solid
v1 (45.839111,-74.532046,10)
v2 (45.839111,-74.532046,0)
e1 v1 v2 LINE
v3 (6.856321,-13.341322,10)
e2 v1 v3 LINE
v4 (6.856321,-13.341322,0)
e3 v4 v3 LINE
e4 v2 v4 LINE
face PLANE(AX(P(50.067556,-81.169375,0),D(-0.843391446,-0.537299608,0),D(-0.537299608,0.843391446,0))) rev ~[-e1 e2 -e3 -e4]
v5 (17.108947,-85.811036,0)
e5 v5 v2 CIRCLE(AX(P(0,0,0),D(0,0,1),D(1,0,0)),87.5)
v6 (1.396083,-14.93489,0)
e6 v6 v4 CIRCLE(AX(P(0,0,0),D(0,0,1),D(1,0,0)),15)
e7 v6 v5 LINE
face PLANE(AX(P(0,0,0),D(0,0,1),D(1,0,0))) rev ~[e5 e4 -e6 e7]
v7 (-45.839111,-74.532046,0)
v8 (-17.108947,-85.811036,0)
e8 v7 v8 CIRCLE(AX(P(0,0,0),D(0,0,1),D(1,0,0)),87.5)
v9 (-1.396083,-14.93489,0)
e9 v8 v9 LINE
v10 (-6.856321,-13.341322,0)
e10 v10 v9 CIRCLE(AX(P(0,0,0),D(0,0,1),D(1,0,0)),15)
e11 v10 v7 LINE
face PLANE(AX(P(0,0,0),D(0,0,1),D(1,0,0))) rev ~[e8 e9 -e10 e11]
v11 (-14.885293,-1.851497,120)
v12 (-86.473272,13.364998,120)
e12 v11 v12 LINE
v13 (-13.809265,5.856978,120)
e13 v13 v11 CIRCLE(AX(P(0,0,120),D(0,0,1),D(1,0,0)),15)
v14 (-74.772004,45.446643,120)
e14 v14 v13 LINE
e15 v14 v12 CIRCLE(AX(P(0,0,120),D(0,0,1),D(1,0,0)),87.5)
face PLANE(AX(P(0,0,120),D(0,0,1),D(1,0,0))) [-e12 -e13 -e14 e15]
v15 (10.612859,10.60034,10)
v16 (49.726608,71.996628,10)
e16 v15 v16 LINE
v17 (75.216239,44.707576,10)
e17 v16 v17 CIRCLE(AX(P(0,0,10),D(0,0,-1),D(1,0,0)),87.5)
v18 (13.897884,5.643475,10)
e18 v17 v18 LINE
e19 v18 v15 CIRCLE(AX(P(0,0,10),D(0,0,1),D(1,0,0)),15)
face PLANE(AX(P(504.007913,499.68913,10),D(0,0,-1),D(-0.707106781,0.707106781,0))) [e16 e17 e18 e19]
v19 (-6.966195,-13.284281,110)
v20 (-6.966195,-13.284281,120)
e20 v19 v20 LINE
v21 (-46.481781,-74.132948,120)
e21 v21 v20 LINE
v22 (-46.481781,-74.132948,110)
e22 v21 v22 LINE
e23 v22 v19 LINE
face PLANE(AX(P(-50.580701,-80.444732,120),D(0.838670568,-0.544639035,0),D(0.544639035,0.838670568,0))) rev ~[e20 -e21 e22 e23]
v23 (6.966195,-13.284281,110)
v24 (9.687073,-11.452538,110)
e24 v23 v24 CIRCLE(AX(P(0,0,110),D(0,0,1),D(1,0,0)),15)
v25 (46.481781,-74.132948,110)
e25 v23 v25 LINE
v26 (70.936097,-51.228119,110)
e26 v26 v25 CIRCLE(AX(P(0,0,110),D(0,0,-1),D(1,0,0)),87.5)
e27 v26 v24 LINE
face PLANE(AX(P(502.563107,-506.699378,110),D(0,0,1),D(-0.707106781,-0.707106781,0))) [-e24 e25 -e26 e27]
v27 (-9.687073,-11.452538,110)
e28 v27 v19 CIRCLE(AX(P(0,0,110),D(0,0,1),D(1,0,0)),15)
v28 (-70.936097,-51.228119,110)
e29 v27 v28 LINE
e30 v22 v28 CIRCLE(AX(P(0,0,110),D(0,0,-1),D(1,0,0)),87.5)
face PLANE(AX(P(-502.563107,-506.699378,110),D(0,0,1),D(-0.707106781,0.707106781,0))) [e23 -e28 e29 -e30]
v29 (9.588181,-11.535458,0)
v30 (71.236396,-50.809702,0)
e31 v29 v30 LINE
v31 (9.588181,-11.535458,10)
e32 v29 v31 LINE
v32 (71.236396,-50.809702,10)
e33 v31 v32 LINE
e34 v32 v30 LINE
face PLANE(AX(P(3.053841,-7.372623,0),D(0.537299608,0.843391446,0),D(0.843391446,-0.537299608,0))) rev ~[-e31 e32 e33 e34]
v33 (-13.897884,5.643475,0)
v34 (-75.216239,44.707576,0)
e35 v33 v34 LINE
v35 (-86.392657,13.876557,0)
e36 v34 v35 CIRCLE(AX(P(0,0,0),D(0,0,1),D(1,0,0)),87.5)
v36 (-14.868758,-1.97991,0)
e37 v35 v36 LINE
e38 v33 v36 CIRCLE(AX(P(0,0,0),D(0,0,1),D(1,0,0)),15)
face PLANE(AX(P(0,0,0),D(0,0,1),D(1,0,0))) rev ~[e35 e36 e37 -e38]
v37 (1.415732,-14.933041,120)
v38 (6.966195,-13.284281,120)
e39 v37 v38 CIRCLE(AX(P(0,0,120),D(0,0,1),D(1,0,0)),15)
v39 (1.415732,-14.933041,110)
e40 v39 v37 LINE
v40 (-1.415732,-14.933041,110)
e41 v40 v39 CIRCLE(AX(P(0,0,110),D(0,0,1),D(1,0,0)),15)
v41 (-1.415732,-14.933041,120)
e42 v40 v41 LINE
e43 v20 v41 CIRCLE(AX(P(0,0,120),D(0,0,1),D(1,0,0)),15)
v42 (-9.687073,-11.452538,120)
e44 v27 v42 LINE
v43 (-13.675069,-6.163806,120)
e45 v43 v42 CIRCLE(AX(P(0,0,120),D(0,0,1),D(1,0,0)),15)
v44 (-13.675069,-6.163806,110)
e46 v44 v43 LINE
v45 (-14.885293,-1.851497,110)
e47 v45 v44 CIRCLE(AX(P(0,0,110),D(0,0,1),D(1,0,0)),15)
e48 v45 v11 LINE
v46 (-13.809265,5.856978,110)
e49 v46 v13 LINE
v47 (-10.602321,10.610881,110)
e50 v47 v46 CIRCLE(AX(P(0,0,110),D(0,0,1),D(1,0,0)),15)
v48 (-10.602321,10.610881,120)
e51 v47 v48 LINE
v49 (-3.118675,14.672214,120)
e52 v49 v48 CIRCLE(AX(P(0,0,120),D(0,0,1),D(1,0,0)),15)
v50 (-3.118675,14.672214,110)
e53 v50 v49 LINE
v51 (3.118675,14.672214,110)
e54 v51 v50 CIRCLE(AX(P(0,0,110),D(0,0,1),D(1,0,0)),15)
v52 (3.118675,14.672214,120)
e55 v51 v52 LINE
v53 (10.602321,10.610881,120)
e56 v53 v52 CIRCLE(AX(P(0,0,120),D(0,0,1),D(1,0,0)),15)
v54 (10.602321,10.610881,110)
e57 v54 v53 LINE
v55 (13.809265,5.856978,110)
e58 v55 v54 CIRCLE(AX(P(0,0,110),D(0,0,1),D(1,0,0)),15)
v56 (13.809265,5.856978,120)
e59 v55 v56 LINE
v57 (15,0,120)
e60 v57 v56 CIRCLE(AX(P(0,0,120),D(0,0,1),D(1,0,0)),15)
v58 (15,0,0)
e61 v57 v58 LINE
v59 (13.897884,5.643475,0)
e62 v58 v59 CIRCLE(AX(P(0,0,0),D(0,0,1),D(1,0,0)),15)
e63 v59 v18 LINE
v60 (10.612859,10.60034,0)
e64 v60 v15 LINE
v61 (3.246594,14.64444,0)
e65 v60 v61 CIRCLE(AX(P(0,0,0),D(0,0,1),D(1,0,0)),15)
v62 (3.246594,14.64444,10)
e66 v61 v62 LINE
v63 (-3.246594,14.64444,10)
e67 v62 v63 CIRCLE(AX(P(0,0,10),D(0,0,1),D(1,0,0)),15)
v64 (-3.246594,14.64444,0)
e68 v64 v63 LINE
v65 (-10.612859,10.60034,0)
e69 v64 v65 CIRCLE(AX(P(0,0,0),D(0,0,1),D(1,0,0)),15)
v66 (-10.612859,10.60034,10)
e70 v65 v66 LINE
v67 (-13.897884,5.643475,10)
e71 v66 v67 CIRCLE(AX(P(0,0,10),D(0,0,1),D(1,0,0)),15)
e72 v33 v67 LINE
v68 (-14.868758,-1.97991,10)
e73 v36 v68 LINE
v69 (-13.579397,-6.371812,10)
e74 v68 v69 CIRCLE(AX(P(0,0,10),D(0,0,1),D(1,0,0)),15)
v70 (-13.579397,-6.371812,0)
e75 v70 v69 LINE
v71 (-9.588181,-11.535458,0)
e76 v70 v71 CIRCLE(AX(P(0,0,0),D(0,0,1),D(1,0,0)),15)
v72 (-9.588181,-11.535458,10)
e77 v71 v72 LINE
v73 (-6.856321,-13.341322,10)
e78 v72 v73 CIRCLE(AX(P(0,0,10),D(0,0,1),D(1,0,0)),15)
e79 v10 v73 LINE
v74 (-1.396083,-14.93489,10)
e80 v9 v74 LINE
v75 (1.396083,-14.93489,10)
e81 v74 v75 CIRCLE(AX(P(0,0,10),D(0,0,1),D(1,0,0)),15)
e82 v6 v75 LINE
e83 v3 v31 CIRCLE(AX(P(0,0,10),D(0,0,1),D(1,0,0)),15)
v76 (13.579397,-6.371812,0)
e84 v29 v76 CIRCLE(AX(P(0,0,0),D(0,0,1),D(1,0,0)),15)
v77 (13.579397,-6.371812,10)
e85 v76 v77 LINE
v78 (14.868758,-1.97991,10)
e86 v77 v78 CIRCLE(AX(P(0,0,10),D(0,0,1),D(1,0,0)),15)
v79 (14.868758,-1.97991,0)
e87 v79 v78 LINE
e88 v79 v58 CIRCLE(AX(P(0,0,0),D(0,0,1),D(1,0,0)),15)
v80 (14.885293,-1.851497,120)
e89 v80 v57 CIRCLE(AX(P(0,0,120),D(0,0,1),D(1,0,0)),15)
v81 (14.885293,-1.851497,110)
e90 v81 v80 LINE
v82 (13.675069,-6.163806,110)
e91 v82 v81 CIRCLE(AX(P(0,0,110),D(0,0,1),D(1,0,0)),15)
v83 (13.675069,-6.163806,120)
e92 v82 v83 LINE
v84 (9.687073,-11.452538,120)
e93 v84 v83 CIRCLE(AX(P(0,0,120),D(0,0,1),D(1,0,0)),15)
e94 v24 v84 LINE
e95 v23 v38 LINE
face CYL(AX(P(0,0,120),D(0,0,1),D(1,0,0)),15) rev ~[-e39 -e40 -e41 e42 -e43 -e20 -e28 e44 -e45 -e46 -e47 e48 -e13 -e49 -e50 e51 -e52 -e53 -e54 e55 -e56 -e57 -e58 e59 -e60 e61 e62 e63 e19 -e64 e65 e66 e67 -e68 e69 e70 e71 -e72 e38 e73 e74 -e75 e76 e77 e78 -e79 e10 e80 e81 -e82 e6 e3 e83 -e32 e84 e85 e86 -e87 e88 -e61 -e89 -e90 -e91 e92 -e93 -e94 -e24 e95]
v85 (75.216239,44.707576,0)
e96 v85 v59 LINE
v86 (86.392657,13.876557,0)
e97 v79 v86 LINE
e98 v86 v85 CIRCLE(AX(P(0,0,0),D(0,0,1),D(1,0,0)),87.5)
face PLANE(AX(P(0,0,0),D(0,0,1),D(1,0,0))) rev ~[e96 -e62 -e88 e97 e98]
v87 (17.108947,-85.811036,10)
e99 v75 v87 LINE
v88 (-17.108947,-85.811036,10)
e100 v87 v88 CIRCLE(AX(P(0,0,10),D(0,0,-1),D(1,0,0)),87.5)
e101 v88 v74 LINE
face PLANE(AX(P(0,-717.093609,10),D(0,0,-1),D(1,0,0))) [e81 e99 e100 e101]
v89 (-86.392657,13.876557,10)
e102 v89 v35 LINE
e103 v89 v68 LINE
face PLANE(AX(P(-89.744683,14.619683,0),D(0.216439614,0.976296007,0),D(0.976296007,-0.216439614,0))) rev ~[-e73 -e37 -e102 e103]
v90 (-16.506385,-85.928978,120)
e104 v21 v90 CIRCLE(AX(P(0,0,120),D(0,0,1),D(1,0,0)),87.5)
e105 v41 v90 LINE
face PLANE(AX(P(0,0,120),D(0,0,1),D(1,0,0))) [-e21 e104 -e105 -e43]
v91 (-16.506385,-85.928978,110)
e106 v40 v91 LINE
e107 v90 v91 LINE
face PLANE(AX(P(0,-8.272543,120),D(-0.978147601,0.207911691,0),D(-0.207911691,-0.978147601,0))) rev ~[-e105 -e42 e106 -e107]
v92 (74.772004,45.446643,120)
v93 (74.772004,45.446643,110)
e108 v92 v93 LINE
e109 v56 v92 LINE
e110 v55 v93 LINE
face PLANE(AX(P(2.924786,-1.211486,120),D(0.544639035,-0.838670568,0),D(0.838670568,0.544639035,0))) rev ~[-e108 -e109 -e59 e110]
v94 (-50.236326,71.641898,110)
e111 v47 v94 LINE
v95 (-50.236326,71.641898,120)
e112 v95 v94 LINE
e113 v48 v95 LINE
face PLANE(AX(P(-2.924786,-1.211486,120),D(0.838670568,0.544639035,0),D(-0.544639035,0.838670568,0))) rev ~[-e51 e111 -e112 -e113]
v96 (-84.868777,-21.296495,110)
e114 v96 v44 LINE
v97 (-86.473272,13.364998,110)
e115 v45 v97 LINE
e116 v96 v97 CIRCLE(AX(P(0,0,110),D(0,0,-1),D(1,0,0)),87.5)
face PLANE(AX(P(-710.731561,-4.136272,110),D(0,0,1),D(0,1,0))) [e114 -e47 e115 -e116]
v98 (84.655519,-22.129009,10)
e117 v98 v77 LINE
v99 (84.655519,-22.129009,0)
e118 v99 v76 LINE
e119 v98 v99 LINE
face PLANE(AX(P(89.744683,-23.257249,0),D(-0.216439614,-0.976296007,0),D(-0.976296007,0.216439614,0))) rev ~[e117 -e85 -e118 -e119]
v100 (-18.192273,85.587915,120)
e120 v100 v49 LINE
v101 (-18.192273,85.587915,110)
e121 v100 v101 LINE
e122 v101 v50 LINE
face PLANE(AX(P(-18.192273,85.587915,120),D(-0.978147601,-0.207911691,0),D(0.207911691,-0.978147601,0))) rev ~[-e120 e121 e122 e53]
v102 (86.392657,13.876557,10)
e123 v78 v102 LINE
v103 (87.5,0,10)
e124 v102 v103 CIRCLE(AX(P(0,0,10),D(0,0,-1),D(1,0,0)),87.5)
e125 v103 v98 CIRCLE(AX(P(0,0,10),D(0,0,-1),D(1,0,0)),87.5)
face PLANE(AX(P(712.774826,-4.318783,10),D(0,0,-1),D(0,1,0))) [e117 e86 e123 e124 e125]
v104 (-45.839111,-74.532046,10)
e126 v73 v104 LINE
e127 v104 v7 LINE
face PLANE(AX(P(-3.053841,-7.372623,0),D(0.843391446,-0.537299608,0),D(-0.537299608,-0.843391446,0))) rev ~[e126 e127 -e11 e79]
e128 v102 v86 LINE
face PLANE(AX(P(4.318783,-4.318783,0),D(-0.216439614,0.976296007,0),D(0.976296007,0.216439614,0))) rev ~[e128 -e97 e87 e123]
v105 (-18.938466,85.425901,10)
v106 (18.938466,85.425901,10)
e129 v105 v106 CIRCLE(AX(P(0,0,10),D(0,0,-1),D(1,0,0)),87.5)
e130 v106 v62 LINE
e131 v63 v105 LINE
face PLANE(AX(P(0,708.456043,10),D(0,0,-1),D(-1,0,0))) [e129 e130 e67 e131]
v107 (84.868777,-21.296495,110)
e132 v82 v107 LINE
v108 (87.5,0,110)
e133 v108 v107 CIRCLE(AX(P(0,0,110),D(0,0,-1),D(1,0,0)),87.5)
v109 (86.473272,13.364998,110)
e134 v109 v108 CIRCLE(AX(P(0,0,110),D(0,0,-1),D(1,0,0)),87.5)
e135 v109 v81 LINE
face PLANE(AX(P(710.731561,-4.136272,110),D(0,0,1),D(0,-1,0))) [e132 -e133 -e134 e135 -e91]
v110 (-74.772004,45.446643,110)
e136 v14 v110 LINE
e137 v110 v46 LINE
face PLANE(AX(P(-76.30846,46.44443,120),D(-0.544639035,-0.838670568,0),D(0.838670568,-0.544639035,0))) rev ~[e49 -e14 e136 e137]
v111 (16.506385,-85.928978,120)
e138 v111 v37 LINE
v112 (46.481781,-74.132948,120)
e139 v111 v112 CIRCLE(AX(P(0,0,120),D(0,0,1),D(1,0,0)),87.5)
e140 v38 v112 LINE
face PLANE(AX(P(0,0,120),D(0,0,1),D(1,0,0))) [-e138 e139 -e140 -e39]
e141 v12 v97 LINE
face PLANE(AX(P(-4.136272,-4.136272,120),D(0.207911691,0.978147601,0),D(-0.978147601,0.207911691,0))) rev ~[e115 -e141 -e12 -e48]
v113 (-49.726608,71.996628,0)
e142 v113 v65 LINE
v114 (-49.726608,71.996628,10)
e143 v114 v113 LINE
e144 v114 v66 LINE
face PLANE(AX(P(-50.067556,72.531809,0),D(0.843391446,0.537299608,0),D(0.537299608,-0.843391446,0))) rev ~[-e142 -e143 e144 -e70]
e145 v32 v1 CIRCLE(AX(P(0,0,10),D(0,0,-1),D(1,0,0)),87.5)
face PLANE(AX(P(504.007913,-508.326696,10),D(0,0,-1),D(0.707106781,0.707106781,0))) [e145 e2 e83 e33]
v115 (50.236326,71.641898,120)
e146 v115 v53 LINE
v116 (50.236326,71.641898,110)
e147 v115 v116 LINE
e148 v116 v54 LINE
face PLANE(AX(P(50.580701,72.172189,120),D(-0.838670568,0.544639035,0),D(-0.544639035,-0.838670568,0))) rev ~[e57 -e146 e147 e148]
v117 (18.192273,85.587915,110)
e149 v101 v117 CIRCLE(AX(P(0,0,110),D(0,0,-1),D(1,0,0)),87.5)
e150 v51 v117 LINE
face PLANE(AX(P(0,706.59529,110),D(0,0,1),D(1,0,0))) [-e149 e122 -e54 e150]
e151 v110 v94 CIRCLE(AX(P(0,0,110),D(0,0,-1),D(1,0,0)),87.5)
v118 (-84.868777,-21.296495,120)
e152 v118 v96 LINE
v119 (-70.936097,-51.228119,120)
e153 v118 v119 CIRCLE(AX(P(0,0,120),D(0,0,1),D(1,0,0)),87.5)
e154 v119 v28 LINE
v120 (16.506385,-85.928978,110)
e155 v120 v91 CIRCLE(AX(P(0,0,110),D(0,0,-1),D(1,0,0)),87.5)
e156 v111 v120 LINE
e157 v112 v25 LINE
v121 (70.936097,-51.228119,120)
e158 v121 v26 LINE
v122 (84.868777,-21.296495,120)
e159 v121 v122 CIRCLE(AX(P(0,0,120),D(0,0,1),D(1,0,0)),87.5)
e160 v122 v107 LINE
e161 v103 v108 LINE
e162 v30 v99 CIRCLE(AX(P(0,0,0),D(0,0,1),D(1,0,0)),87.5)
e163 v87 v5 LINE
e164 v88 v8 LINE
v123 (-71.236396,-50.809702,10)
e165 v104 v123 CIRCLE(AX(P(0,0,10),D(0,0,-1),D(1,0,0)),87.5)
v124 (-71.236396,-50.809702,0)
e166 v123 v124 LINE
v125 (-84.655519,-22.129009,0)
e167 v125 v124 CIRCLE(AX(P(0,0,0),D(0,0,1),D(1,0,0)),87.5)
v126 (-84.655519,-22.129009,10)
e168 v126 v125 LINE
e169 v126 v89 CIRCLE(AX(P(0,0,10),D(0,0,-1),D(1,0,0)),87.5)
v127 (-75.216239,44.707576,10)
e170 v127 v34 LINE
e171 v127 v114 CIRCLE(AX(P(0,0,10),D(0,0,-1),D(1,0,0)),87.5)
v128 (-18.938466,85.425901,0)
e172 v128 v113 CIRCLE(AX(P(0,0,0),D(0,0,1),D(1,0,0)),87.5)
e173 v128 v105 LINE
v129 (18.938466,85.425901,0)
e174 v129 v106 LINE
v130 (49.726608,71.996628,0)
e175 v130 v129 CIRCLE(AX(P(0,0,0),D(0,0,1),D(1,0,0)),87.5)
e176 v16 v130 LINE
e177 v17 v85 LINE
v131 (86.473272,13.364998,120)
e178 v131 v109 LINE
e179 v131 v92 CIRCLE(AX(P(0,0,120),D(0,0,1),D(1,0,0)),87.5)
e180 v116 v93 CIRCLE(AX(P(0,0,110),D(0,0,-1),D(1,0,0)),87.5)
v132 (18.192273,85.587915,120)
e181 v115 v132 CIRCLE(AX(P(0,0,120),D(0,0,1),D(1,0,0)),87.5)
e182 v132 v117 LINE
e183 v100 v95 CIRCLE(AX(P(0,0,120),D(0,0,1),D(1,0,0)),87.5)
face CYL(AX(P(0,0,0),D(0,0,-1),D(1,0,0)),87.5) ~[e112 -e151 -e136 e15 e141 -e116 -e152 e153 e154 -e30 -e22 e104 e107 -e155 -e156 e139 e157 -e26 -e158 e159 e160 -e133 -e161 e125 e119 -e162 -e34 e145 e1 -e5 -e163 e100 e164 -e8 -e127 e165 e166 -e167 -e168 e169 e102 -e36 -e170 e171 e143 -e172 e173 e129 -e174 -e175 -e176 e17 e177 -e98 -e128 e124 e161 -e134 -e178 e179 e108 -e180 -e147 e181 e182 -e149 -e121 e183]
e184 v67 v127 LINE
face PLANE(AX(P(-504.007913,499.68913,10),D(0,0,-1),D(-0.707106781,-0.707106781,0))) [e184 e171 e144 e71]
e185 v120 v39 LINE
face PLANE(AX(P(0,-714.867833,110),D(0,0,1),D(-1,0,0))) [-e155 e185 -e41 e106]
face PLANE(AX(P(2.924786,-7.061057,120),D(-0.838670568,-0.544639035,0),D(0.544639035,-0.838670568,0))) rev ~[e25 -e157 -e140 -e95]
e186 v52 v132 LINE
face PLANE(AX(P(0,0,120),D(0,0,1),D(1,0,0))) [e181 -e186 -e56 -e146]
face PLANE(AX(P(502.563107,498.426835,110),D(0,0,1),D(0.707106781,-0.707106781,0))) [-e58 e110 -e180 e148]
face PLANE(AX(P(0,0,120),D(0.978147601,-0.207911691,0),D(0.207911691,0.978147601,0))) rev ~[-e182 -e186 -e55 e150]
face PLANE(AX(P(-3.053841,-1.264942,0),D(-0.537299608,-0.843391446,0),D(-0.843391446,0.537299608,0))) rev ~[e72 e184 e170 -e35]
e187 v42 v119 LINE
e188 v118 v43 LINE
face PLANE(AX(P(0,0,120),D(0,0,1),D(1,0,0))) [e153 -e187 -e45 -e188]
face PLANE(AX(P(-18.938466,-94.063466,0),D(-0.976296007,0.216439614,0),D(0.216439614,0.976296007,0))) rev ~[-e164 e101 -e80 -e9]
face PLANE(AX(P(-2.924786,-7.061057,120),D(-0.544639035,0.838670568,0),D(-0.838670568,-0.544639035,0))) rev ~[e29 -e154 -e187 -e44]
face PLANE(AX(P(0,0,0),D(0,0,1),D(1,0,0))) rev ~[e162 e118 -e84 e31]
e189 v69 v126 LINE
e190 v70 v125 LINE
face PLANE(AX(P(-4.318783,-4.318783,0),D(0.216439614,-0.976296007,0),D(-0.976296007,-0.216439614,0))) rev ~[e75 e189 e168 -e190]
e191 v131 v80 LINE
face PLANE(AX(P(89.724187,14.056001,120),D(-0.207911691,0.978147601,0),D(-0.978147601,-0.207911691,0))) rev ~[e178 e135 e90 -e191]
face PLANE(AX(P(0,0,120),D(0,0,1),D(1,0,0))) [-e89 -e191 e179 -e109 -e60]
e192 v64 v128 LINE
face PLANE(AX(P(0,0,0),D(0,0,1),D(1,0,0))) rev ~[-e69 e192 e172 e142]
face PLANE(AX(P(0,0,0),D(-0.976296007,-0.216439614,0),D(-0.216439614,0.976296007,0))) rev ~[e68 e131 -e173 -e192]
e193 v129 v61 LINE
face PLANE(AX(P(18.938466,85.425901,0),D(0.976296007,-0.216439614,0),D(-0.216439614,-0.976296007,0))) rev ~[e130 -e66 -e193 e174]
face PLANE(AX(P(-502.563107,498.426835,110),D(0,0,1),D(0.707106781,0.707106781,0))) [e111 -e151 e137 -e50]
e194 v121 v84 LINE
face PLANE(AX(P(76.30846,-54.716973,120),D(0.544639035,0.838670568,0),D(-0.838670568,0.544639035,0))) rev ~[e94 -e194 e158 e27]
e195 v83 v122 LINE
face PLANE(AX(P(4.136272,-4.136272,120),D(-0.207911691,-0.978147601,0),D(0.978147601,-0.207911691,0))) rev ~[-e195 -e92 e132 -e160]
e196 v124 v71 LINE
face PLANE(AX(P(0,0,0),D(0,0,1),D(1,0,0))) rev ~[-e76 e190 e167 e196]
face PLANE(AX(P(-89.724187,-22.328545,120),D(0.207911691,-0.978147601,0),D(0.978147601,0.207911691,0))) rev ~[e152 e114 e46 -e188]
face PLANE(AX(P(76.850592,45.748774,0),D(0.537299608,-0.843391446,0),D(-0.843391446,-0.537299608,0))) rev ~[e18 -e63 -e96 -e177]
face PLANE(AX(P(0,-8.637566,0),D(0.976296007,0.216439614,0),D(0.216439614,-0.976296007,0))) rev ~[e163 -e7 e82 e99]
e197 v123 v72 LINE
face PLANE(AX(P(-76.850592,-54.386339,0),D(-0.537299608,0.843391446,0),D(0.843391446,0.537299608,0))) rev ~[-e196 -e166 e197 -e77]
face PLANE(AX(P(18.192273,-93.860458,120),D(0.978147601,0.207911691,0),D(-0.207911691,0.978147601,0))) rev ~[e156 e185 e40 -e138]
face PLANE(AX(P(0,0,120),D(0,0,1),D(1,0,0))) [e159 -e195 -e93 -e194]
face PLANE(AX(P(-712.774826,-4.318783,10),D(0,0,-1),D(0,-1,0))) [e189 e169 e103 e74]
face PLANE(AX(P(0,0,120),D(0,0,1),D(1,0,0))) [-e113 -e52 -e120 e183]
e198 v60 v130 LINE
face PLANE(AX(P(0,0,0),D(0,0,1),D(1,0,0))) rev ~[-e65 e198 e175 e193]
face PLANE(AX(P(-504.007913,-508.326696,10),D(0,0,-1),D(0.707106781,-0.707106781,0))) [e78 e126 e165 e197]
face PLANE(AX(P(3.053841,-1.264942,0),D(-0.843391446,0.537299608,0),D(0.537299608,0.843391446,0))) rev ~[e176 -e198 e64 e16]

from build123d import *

# Parameters (mm, degrees)
SKETCH1_R           = 87.5
BOSS_EXTRUDE1_DEPTH = 120
CUT_EXTRUDE1_DEPTH  = 10
CIRPATTERN1_COUNT   = 8
CUT_EXTRUDE2_DEPTH  = 10
CIRPATTERN2_COUNT   = 8
SKETCH5_R           = 15
CUT_EXTRUDE3_DEPTH  = 121


with BuildPart() as part:
    # Sketch1 → Boss-Extrude1 (new body)
    with BuildSketch(Plane.XY):
        Circle(SKETCH1_R)
    extrude(amount=BOSS_EXTRUDE1_DEPTH)

    # Sketch2 → Cut-Extrude1 (cut)
    with BuildSketch(Plane.XY.offset(120)):
        Polygon((-104.60287609, 492.11784039), (-18.192272947, 85.587915064), (0, 0), (18.192272947, 85.587915064), (104.60287609, 492.11784039), (104.60287609, 1323.341931767), (-104.60287609, 1323.341931767), align=None)
    cut_extrude1 = extrude(amount=-CUT_EXTRUDE1_DEPTH, mode=Mode.SUBTRACT)

    # CirPattern1: Cut-Extrude1 ×8 about axis
    cirpattern1_axis = Axis((0, -4.136271665, 0), (0, 0, 1))
    for i in range(1, CIRPATTERN1_COUNT):
        add(cut_extrude1.rotate(cirpattern1_axis, i * 360 / CIRPATTERN1_COUNT), mode=Mode.SUBTRACT)

    # Sketch4 → Cut-Extrude2 (cut)
    with BuildSketch(Plane(origin=(0, 0, 0), x_dir=(-1, 0, 0), z_dir=(0, 0, -1))):
        Polygon((-109.002412997, 491.678111226), (-18.93846622, 85.425900623), (0, 0), (18.93846622, 85.425900623), (109.002412997, 491.678111226), (109.002412997, 1323.909745158), (-109.002412997, 1323.909745158), align=None)
    cut_extrude2 = extrude(amount=-CUT_EXTRUDE2_DEPTH, mode=Mode.SUBTRACT)

    # CirPattern2: Cut-Extrude2 ×8 about axis
    cirpattern2_axis = Axis((0, -4.318782825, 0), (0, 0, 1))
    for i in range(1, CIRPATTERN2_COUNT):
        add(cut_extrude2.rotate(cirpattern2_axis, i * 360 / CIRPATTERN2_COUNT), mode=Mode.SUBTRACT)

    # Sketch5 → Cut-Extrude3 (cut, through all)
    with BuildSketch(Plane.XY.offset(120)):
        Circle(SKETCH5_R)
    extrude(amount=-CUT_EXTRUDE3_DEPTH, mode=Mode.SUBTRACT)


solid = part.part
